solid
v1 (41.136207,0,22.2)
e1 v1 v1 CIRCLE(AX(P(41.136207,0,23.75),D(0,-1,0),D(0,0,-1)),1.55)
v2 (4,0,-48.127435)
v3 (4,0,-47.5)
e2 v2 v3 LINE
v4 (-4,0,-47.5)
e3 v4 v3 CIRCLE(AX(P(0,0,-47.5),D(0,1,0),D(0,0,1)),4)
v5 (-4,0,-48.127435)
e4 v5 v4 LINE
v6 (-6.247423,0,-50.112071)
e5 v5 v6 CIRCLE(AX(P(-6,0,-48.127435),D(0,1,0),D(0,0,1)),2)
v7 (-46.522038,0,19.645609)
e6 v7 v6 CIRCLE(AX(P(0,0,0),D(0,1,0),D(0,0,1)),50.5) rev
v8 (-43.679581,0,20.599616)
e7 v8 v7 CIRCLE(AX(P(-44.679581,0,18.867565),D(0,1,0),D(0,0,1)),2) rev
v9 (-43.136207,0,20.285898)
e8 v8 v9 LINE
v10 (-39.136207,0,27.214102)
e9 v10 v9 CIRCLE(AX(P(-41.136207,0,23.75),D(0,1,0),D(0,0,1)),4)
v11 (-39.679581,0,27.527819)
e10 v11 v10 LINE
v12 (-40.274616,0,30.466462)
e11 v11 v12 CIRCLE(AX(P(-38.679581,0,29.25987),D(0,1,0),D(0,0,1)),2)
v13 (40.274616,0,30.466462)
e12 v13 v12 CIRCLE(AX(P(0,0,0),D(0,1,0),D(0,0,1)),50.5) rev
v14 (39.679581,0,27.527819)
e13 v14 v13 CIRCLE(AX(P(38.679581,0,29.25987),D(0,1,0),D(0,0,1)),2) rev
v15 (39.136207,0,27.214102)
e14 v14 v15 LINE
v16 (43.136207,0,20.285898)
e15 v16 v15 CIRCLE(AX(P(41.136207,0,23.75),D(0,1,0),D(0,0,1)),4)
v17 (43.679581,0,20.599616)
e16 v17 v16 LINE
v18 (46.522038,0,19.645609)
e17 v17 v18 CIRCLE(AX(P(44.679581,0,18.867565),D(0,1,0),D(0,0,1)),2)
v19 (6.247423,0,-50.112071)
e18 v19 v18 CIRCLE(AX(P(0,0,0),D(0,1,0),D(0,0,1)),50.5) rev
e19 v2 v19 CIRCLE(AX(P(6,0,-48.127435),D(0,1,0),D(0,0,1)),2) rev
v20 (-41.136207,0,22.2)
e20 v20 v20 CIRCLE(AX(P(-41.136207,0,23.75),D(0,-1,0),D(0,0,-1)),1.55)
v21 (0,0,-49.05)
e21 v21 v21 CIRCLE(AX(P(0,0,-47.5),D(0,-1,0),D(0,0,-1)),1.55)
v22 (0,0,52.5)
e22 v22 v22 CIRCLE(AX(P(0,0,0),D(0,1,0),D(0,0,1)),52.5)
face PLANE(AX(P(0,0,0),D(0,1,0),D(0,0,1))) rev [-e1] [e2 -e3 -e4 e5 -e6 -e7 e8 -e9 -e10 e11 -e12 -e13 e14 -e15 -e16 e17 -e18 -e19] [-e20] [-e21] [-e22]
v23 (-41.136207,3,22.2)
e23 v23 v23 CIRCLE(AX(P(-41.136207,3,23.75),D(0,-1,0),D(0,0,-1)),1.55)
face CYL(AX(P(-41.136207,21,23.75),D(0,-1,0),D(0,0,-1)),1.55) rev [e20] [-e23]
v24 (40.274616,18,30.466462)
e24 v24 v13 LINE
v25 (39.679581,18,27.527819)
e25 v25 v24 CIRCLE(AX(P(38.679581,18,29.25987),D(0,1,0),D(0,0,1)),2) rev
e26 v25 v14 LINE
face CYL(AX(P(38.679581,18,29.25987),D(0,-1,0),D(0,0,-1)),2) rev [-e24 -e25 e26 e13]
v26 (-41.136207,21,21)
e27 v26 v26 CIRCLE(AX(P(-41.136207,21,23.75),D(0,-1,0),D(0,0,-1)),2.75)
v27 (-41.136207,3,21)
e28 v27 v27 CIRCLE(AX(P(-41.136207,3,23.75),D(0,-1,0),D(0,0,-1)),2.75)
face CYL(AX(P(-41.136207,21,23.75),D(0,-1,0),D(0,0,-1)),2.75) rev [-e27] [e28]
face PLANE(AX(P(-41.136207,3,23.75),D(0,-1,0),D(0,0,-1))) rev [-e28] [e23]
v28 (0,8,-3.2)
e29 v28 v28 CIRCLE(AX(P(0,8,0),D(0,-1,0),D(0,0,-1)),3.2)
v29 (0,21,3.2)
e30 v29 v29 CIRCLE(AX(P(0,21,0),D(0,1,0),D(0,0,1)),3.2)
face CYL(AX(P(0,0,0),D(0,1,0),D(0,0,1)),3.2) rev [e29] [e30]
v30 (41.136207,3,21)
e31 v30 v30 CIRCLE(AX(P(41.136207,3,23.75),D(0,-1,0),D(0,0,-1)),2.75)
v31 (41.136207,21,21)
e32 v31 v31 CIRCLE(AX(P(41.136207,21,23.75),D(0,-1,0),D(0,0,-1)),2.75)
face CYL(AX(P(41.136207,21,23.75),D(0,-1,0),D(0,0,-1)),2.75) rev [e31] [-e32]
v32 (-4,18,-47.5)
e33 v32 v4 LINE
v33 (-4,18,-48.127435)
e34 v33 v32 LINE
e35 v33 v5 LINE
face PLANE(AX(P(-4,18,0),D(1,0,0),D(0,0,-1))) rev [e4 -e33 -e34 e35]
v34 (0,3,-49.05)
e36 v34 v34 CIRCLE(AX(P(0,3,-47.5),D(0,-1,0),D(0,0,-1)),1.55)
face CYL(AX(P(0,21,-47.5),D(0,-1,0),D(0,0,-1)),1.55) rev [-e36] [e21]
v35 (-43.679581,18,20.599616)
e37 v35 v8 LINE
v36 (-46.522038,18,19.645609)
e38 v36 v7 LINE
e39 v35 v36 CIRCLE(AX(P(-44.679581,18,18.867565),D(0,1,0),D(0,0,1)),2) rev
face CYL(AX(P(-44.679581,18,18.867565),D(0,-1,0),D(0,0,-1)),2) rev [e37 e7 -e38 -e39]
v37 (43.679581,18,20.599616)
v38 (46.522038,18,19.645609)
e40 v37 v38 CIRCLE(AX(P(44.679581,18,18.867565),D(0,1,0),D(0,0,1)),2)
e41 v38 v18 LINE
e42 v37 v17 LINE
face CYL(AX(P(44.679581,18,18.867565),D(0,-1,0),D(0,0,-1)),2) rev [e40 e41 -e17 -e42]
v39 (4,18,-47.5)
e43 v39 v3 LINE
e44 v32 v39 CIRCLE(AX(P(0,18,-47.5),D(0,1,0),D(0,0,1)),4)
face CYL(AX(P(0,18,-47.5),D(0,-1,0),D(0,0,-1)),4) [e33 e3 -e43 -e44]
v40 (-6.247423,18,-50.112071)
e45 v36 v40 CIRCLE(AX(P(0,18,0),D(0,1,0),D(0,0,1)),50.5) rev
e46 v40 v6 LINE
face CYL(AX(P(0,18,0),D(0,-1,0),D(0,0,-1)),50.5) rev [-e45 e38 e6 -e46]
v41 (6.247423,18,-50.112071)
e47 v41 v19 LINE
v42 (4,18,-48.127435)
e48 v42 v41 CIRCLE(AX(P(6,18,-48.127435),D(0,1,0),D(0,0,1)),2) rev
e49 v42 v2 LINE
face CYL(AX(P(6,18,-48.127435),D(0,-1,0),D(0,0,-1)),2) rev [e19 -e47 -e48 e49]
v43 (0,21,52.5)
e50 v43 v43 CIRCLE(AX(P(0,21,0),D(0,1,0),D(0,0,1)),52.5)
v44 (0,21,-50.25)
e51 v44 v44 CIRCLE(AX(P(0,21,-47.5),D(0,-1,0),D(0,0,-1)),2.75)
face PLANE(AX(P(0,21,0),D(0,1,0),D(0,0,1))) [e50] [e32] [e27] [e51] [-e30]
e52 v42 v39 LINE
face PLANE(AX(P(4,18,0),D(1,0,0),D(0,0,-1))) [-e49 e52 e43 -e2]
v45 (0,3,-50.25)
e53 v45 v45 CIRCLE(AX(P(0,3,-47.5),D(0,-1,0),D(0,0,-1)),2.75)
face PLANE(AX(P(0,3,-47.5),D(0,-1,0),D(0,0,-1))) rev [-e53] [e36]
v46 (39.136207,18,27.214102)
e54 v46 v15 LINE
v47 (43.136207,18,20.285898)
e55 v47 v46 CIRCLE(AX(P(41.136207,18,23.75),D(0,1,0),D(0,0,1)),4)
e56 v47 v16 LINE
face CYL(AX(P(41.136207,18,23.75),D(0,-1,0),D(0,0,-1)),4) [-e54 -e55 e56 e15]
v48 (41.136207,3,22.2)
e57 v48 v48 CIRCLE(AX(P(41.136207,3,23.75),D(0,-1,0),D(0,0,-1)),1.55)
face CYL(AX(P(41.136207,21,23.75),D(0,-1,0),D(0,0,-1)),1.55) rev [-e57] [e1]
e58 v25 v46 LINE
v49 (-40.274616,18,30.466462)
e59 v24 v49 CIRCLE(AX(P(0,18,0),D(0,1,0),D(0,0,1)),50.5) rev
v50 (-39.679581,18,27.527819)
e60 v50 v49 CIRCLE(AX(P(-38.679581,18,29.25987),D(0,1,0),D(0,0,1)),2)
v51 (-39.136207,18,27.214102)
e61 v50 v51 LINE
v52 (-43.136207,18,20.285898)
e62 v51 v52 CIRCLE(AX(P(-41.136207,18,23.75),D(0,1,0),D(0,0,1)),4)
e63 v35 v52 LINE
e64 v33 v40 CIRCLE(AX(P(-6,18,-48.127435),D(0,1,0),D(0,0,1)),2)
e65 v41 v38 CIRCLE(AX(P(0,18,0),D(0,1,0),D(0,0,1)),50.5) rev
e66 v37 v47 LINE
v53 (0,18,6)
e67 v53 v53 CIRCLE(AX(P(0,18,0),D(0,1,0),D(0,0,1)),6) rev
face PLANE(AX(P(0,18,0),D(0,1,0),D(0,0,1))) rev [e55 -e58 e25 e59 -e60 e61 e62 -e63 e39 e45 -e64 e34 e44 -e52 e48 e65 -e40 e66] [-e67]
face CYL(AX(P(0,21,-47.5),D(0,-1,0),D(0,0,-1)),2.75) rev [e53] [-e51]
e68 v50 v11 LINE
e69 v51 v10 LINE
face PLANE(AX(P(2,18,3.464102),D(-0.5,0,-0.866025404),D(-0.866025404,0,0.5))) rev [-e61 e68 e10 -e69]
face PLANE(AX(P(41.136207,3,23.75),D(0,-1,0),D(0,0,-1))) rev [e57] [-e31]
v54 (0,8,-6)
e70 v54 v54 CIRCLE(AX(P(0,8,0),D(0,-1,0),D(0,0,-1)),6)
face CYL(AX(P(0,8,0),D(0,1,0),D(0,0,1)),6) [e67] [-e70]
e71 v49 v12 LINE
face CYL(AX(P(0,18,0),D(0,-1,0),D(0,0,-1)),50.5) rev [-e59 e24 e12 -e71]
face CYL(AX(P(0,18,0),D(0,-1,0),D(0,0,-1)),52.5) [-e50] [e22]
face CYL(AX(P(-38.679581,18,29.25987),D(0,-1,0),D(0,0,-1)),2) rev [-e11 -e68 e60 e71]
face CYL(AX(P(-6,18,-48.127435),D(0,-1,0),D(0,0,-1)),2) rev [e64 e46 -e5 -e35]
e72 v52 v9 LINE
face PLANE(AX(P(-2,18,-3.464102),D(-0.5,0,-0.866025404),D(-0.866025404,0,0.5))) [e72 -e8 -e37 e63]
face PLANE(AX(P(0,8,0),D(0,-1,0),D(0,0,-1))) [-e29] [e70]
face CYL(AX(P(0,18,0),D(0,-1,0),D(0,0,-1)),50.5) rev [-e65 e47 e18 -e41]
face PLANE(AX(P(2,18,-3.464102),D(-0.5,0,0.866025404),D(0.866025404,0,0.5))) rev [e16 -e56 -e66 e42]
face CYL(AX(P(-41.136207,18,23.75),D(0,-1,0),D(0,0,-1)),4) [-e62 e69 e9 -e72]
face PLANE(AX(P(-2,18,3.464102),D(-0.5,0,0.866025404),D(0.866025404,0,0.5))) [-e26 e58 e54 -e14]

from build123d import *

# Parameters (mm, degrees)
ESQUISSE1_R             = 52.5
BOSS_EXTRU_1_DEPTH      = 18
ESQUISSE2_R             = 52.5
BOSS_EXTRU_2_DEPTH      = 3
ENL_V_START             = -3
ESQUISSE3_R             = 2.75
ENL_V_MAT_EXTRU_2_DEPTH = 75.158926898
ESQUISSE4_R             = 1.55
ENL_V_MAT_EXTRU_3_DEPTH = 78.158926898
ESQUISSE6_R             = 6
BOSS_EXTRU_3_DEPTH      = 10
ESQUISSE7_R             = 3.2
ENL_V_MAT_EXTRU_5_DEPTH = 78.158926898


with BuildPart() as part:
    # Esquisse1 → Boss.-Extru.1 (new body)
    with BuildSketch(Plane(origin=(0, 0, 0), x_dir=(1, 0, 0), z_dir=(0, 1, 0))):
        with Locations(Location((0, 0, 0), (0, 0, 270))):
            Circle(ESQUISSE1_R)
        with BuildLine():
            ThreePointArc((-4, 47.5), (0, 43.5), (4, 47.5))
            Line((4, 47.5), (4, 48.127435003))
            ThreePointArc((4, 48.127435003), (4.676150568, 49.626575651), (6.24742268, 50.112071498))
            ThreePointArc((6.24742268, 50.112071498), (43.734282891, 25.25), (46.522038294, -19.645609))
            ThreePointArc((46.522038294, -19.645609), (45.3159505, -20.763622642), (43.679581332, -20.599615887))
            Line((43.679581332, -20.599615887), (43.13620668, -20.285898385))
            ThreePointArc((43.13620668, -20.285898385), (37.672105065, -21.75), (39.13620668, -27.214101615))
            Line((39.13620668, -27.214101615), (39.679581332, -27.527819117))
            ThreePointArc((39.679581332, -27.527819117), (40.639799932, -28.862953009), (40.274615614, -30.466462499))
            ThreePointArc((40.274615614, -30.466462499), (0, -50.5), (-40.274615614, -30.466462499))
            ThreePointArc((-40.274615614, -30.466462499), (-40.639799932, -28.862953009), (-39.679581332, -27.527819117))
            Line((-39.679581332, -27.527819117), (-39.13620668, -27.214101615))
            ThreePointArc((-39.13620668, -27.214101615), (-37.672105065, -21.75), (-43.13620668, -20.285898385))
            Line((-43.13620668, -20.285898385), (-43.679581332, -20.599615887))
            ThreePointArc((-43.679581332, -20.599615887), (-45.3159505, -20.763622642), (-46.522038294, -19.645609))
            ThreePointArc((-46.522038294, -19.645609), (-43.734282891, 25.25), (-6.24742268, 50.112071498))
            ThreePointArc((-6.24742268, 50.112071498), (-4.676150568, 49.626575651), (-4, 48.127435003))
            Line((-4, 48.127435003), (-4, 47.5))
        make_face(mode=Mode.SUBTRACT)
    extrude(amount=BOSS_EXTRU_1_DEPTH)

    # Esquisse2 → Boss.-Extru.2 (add)
    with BuildSketch(Plane(origin=(0, 18, 0), x_dir=(1, 0, 0), z_dir=(0, 1, 0))):
        with Locations(Location((0, 0, 0), (0, 0, 270))):
            Circle(ESQUISSE2_R)
    extrude(amount=BOSS_EXTRU_2_DEPTH)

    # Esquisse3 → Enlèv. mat.-Extru.2 (cut, through all)
    with BuildSketch(Plane.XZ.offset(ENL_V_START)):
        with Locations(Location((0, -47.5, 0), (0, 0, 270))):
            Circle(ESQUISSE3_R)
        with Locations(Location((-41.13620668, 23.75, 0), (0, 0, 270))):
            Circle(ESQUISSE3_R)
        with Locations(Location((41.13620668, 23.75, 0), (0, 0, 270))):
            Circle(ESQUISSE3_R)
    extrude(amount=-ENL_V_MAT_EXTRU_2_DEPTH, mode=Mode.SUBTRACT)

    # Esquisse4 → Enlèv. mat.-Extru.3 (cut, through all)
    with BuildSketch(Plane.XZ):
        with Locations(Location((0, -47.5, 0), (0, 0, 270))):
            Circle(ESQUISSE4_R)
        with Locations(Location((-41.13620668, 23.75, 0), (0, 0, 270))):
            Circle(ESQUISSE4_R)
        with Locations(Location((41.13620668, 23.75, 0), (0, 0, 270))):
            Circle(ESQUISSE4_R)
    extrude(amount=-ENL_V_MAT_EXTRU_3_DEPTH, mode=Mode.SUBTRACT)

    # Esquisse6 → Boss.-Extru.3 (add)
    with BuildSketch(Plane.XZ.offset(-18)):
        with Locations(Location((0, 0, 0), (0, 0, 90))):
            Circle(ESQUISSE6_R)
    extrude(amount=BOSS_EXTRU_3_DEPTH)

    # Esquisse7 → Enlèv. mat.-Extru.5 (cut, through all)
    with BuildSketch(Plane(origin=(0, 21, 0), x_dir=(1, 0, 0), z_dir=(0, 1, 0))):
        with Locations(Location((0, 0, 0), (0, 0, 270))):
            Circle(ESQUISSE7_R)
    extrude(amount=-ENL_V_MAT_EXTRU_5_DEPTH, mode=Mode.SUBTRACT)


solid = part.part
